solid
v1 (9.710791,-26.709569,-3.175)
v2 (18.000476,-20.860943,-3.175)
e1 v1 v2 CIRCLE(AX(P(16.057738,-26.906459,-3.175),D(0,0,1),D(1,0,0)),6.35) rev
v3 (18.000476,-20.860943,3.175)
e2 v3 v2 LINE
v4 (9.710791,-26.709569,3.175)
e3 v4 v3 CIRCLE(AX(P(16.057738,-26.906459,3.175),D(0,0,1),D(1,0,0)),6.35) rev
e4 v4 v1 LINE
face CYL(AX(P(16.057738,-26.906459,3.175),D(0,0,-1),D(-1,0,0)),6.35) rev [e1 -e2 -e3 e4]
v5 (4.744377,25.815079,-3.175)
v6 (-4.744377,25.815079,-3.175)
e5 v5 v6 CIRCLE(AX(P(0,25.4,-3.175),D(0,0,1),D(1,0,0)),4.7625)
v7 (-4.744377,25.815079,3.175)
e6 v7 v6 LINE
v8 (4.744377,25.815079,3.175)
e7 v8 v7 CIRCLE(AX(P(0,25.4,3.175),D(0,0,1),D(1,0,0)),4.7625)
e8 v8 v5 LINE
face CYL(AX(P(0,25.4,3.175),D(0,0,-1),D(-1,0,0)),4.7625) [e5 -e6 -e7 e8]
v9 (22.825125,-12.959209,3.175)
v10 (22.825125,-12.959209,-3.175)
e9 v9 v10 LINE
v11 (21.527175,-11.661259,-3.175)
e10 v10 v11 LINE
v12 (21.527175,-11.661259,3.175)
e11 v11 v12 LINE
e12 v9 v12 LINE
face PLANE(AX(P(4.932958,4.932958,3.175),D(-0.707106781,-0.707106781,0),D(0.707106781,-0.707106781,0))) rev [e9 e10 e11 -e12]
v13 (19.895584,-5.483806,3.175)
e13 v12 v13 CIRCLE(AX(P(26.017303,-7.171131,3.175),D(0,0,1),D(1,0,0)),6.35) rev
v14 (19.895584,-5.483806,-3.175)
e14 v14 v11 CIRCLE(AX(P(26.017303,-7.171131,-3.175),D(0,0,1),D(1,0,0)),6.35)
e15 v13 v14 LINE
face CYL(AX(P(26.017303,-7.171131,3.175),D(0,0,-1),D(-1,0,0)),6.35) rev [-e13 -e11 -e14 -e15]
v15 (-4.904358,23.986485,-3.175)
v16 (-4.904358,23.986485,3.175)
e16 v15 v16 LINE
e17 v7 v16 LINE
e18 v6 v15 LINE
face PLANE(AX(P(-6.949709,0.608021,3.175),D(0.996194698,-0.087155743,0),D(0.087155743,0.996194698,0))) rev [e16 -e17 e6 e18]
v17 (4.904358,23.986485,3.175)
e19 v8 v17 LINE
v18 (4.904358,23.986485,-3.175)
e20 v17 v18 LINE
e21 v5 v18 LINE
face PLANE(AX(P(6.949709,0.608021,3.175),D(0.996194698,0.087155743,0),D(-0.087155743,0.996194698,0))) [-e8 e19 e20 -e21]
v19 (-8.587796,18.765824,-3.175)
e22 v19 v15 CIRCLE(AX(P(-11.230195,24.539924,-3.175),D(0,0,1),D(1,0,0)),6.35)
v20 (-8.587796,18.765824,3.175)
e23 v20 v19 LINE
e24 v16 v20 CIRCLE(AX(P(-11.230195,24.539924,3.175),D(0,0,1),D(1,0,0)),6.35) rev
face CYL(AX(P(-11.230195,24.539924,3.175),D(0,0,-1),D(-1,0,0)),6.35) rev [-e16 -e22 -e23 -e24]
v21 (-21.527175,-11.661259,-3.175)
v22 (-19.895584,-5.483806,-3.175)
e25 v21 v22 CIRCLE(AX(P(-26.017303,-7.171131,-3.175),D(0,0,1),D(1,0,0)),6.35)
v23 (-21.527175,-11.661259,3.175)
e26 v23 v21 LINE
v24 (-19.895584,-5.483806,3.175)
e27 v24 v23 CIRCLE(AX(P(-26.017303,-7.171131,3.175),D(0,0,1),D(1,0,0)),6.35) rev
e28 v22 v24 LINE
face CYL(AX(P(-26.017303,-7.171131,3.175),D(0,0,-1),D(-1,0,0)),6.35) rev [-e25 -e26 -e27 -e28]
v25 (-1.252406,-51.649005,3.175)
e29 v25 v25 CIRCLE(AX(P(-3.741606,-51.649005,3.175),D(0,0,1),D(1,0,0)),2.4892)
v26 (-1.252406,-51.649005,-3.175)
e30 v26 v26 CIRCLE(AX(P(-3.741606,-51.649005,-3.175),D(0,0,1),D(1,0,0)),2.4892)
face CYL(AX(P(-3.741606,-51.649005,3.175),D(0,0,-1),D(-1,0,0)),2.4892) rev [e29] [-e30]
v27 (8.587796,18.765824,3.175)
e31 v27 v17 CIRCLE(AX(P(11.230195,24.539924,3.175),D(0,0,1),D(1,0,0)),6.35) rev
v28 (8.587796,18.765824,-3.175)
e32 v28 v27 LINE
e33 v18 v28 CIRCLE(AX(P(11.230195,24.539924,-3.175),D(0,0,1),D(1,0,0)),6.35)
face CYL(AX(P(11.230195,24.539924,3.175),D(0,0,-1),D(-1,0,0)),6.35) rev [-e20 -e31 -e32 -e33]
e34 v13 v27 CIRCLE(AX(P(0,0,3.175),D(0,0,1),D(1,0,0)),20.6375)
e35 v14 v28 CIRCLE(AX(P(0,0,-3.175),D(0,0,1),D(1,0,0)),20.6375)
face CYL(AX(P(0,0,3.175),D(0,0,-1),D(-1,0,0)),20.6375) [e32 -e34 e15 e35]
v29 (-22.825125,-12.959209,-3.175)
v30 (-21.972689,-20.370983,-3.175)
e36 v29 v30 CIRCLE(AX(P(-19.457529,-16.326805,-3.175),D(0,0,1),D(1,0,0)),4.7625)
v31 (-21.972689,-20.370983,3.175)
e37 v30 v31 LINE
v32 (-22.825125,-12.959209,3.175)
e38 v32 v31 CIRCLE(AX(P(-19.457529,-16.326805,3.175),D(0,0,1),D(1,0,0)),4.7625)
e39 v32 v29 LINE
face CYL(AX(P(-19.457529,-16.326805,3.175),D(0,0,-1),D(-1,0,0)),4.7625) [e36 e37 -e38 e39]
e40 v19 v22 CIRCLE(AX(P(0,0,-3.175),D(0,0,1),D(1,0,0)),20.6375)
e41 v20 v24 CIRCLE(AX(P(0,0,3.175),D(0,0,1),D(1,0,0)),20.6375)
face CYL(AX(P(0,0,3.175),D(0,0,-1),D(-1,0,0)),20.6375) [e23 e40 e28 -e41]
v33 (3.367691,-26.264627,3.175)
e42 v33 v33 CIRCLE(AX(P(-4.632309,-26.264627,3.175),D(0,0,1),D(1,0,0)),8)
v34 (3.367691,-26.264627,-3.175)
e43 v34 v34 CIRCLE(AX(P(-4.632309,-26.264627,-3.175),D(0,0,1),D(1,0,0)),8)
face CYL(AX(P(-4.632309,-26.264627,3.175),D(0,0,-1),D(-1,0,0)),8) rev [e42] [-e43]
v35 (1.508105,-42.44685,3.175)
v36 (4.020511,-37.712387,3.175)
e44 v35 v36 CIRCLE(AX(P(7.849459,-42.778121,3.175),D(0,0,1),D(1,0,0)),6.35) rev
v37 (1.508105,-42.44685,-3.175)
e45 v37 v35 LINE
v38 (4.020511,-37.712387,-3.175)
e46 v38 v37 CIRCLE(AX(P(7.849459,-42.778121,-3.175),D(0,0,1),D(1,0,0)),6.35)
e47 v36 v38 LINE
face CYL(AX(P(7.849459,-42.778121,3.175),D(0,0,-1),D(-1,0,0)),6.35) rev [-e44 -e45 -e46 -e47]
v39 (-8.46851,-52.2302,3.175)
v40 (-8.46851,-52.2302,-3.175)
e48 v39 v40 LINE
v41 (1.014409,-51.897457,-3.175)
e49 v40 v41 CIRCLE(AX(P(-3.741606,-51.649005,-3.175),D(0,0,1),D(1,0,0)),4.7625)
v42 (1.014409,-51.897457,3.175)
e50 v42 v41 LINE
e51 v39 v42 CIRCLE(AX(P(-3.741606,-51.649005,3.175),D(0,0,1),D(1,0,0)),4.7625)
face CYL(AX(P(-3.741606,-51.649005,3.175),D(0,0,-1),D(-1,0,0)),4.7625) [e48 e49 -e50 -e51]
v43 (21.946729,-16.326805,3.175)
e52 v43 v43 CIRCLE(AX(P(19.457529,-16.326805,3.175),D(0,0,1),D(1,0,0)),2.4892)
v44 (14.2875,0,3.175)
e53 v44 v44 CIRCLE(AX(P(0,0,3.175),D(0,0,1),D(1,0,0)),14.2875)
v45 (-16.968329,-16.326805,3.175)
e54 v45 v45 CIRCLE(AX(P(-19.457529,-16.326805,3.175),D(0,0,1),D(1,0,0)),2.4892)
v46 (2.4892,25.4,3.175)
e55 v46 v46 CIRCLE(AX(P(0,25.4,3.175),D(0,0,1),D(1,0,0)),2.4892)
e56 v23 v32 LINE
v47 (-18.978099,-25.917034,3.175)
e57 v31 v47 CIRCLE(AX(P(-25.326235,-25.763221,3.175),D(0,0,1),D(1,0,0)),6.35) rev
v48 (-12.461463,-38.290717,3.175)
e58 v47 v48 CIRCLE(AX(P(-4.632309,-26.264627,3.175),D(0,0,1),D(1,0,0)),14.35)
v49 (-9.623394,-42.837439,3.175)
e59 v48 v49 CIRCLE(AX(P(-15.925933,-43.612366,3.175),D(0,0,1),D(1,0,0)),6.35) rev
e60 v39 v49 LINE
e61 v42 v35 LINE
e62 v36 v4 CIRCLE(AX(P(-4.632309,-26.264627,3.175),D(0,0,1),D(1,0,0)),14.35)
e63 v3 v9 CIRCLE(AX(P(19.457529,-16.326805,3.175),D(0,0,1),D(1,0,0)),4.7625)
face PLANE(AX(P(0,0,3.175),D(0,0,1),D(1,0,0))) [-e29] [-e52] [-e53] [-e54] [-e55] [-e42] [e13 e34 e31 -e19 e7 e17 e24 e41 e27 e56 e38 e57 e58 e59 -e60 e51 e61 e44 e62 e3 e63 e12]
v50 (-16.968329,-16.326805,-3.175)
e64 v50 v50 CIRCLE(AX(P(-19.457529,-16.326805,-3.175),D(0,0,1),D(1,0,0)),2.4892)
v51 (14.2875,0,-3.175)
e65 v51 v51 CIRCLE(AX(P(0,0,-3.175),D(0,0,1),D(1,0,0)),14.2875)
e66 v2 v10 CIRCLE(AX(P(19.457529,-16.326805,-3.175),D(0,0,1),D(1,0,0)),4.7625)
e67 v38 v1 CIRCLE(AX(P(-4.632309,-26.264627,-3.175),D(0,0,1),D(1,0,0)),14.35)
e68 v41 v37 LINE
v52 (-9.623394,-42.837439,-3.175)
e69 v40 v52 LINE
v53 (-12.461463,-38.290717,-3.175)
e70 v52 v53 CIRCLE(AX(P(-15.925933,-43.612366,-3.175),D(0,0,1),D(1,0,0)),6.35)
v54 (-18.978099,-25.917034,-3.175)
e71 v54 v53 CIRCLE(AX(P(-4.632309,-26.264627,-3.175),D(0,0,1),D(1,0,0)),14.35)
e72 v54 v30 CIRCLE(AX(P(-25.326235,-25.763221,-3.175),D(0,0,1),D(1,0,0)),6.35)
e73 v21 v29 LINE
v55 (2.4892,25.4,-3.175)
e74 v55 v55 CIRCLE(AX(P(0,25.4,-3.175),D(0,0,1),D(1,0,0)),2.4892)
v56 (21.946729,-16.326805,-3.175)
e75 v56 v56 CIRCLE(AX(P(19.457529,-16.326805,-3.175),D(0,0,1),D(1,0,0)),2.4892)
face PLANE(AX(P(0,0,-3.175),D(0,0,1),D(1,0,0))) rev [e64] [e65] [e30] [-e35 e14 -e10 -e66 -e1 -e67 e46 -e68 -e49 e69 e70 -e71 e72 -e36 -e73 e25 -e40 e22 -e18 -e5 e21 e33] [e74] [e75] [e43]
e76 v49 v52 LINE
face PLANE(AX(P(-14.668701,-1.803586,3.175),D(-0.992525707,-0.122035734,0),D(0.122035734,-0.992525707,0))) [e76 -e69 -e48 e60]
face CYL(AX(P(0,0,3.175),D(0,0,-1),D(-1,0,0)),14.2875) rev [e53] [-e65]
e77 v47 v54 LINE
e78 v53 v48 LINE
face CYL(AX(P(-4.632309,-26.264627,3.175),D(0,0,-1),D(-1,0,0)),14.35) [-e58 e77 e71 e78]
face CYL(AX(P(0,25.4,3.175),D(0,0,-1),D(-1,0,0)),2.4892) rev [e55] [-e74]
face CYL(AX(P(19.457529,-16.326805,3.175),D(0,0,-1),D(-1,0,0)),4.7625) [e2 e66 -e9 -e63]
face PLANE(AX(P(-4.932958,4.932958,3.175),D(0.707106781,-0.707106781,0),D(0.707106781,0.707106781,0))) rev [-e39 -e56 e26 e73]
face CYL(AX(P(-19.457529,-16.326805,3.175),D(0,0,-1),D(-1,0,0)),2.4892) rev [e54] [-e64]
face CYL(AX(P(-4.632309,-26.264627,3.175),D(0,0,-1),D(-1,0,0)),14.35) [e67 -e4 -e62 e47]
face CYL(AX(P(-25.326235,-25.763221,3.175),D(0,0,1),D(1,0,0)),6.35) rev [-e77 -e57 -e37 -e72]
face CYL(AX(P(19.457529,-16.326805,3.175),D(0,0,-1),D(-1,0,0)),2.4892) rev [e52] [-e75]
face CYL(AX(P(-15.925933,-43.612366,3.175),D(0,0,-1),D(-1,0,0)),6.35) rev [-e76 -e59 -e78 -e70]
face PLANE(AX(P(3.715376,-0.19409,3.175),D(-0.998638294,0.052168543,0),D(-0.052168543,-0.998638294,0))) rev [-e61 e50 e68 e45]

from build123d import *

# Parameters (mm, degrees)
SKETCH1_R               = 2.4892
SKETCH1_R_2             = 14.2875
BOSS_EXTRUDE1_DEPTH     = 3.175
SKETCH48_R              = 2.4892
BOSS_EXTRUDE2_DEPTH     = 3.175
CUT_EXTRUDE1_DEPTH      = 62.473150941
CUT_EXTRUDE1_DEPTH_BACK = 62.473150941
FILLET1_R               = 6.35


with BuildPart() as part:
    # Sketch1 → Boss-Extrude1 (new, symmetric)
    with BuildSketch(Plane.XY):
        with BuildLine():
            Line((-4.74437725, 25.815079225), (-5.256916026, 19.956734205))
            ThreePointArc((-5.256916026, 19.956734205), (-18.703926955, 8.721784377), (-18.666825827, -8.800910167))
            Line((-18.666825827, -8.800910167), (-22.825124901, -12.959209241))
            ThreePointArc((-22.825124901, -12.959209241), (-23.105815516, -19.388081277), (-16.725871077, -20.228016897))
            Line((-16.725871077, -20.228016897), (-11.908664854, -16.854972787))
            ThreePointArc((-11.908664854, -16.854972787), (0, -20.6375), (11.908664854, -16.854972787))
            Line((11.908664854, -16.854972787), (16.725871077, -20.228016897))
            ThreePointArc((16.725871077, -20.228016897), (23.105815516, -19.388081277), (22.825124901, -12.959209241))
            Line((22.825124901, -12.959209241), (18.666825827, -8.800910167))
            ThreePointArc((18.666825827, -8.800910167), (18.703926955, 8.721784377), (5.256916026, 19.956734205))
            Line((5.256916026, 19.956734205), (4.74437725, 25.815079225))
            ThreePointArc((4.74437725, 25.815079225), (0, 30.1625), (-4.74437725, 25.815079225))
        make_face()
        with Locations((0, 25.4)):
            Circle(SKETCH1_R, mode=Mode.SUBTRACT)
        Circle(SKETCH1_R_2, mode=Mode.SUBTRACT)
        with Locations((19.457528855, -16.326805286)):
            Circle(SKETCH1_R, mode=Mode.SUBTRACT)
        with Locations((-19.457528855, -16.326805286)):
            Circle(SKETCH1_R, mode=Mode.SUBTRACT)
    extrude(amount=BOSS_EXTRUDE1_DEPTH, both=True)

    # Sketch48 → Boss-Extrude2 (add, symmetric)
    with BuildSketch(Plane.XY):
        with BuildLine():
            Line((-10.026080704, -39.562360538), (-8.468509885, -52.230199896))
            ThreePointArc((-8.468509885, -52.230199896), (-3.574599444, -56.408575595), (1.014408673, -51.897457398))
            Line((1.014408673, -51.897457398), (1.680248074, -39.151601649))
            ThreePointArc((1.680248074, -39.151601649), (7.424435707, -34.04649077), (9.71079139, -26.709568641))
            ThreePointArc((9.71079139, -26.709568641), (12.397018184, -21.717853667), (18.000475726, -20.860942737))
            ThreePointArc((18.000475726, -20.860942737), (17.339399127, -20.59235715), (16.725871077, -20.228016897))
            Line((16.725871077, -20.228016897), (11.908664854, -16.854972787))
            ThreePointArc((11.908664854, -16.854972787), (9.92035858, -18.09676468), (7.804051349, -19.105056629))
            ThreePointArc((7.804051349, -19.105056629), (5.636733901, -16.241191156), (2.826163363, -14.005193926))
            ThreePointArc((2.826163363, -14.005193926), (-2.481594068, -14.070335715), (-7.446815831, -12.193342045))
            ThreePointArc((-7.446815831, -12.193342045), (-18.919007392, -24.918243731), (-10.026080704, -39.562360538))
        make_face()
        with Locations((-3.741606205, -51.649004712)):
            Circle(SKETCH48_R, mode=Mode.SUBTRACT)
        with BuildLine():
            ThreePointArc((-8.017864397, -19.016315541), (-3.242789938, -18.386223466), (1.028619665, -20.611849695))
            ThreePointArc((1.028619665, -20.611849695), (-6.021827915, -34.14302987), (-8.017864397, -19.016315541))
        make_face(mode=Mode.SUBTRACT)
    extrude(amount=BOSS_EXTRUDE2_DEPTH, both=True)

    # Sketch48<3> → Cut-Extrude1 (cut, two sides: drawn at the far end of the back side and taken through both)
    with BuildSketch(Plane.XY.offset(-CUT_EXTRUDE1_DEPTH_BACK)):
        with BuildLine():
            ThreePointArc((-8.017864397, -19.016315541), (-3.584524765, -20.323818255), (1.028619665, -20.611849695))
            ThreePointArc((1.028619665, -20.611849695), (-3.242789938, -18.386223466), (-8.017864397, -19.016315541))
        make_face()
    extrude(amount=CUT_EXTRUDE1_DEPTH + CUT_EXTRUDE1_DEPTH_BACK, mode=Mode.SUBTRACT)

    # Fillet1
    fillet1_edges = [part.edges().sort_by_distance(p)[0] for p in [
        (18.666825827, -8.800910167, 0),
        (-18.666825827, -8.800910167, 0),
        (-5.256916026, 19.956734205, 0),
        (5.256916026, 19.956734205, 0),
        (1.680248074, -39.151601649, 0),
        (-17.914364977, -20.832363131, 0),
        (-10.026080704, -39.562360538, 0),
    ]]
    fillet(fillet1_edges, radius=FILLET1_R)


solid = part.part
